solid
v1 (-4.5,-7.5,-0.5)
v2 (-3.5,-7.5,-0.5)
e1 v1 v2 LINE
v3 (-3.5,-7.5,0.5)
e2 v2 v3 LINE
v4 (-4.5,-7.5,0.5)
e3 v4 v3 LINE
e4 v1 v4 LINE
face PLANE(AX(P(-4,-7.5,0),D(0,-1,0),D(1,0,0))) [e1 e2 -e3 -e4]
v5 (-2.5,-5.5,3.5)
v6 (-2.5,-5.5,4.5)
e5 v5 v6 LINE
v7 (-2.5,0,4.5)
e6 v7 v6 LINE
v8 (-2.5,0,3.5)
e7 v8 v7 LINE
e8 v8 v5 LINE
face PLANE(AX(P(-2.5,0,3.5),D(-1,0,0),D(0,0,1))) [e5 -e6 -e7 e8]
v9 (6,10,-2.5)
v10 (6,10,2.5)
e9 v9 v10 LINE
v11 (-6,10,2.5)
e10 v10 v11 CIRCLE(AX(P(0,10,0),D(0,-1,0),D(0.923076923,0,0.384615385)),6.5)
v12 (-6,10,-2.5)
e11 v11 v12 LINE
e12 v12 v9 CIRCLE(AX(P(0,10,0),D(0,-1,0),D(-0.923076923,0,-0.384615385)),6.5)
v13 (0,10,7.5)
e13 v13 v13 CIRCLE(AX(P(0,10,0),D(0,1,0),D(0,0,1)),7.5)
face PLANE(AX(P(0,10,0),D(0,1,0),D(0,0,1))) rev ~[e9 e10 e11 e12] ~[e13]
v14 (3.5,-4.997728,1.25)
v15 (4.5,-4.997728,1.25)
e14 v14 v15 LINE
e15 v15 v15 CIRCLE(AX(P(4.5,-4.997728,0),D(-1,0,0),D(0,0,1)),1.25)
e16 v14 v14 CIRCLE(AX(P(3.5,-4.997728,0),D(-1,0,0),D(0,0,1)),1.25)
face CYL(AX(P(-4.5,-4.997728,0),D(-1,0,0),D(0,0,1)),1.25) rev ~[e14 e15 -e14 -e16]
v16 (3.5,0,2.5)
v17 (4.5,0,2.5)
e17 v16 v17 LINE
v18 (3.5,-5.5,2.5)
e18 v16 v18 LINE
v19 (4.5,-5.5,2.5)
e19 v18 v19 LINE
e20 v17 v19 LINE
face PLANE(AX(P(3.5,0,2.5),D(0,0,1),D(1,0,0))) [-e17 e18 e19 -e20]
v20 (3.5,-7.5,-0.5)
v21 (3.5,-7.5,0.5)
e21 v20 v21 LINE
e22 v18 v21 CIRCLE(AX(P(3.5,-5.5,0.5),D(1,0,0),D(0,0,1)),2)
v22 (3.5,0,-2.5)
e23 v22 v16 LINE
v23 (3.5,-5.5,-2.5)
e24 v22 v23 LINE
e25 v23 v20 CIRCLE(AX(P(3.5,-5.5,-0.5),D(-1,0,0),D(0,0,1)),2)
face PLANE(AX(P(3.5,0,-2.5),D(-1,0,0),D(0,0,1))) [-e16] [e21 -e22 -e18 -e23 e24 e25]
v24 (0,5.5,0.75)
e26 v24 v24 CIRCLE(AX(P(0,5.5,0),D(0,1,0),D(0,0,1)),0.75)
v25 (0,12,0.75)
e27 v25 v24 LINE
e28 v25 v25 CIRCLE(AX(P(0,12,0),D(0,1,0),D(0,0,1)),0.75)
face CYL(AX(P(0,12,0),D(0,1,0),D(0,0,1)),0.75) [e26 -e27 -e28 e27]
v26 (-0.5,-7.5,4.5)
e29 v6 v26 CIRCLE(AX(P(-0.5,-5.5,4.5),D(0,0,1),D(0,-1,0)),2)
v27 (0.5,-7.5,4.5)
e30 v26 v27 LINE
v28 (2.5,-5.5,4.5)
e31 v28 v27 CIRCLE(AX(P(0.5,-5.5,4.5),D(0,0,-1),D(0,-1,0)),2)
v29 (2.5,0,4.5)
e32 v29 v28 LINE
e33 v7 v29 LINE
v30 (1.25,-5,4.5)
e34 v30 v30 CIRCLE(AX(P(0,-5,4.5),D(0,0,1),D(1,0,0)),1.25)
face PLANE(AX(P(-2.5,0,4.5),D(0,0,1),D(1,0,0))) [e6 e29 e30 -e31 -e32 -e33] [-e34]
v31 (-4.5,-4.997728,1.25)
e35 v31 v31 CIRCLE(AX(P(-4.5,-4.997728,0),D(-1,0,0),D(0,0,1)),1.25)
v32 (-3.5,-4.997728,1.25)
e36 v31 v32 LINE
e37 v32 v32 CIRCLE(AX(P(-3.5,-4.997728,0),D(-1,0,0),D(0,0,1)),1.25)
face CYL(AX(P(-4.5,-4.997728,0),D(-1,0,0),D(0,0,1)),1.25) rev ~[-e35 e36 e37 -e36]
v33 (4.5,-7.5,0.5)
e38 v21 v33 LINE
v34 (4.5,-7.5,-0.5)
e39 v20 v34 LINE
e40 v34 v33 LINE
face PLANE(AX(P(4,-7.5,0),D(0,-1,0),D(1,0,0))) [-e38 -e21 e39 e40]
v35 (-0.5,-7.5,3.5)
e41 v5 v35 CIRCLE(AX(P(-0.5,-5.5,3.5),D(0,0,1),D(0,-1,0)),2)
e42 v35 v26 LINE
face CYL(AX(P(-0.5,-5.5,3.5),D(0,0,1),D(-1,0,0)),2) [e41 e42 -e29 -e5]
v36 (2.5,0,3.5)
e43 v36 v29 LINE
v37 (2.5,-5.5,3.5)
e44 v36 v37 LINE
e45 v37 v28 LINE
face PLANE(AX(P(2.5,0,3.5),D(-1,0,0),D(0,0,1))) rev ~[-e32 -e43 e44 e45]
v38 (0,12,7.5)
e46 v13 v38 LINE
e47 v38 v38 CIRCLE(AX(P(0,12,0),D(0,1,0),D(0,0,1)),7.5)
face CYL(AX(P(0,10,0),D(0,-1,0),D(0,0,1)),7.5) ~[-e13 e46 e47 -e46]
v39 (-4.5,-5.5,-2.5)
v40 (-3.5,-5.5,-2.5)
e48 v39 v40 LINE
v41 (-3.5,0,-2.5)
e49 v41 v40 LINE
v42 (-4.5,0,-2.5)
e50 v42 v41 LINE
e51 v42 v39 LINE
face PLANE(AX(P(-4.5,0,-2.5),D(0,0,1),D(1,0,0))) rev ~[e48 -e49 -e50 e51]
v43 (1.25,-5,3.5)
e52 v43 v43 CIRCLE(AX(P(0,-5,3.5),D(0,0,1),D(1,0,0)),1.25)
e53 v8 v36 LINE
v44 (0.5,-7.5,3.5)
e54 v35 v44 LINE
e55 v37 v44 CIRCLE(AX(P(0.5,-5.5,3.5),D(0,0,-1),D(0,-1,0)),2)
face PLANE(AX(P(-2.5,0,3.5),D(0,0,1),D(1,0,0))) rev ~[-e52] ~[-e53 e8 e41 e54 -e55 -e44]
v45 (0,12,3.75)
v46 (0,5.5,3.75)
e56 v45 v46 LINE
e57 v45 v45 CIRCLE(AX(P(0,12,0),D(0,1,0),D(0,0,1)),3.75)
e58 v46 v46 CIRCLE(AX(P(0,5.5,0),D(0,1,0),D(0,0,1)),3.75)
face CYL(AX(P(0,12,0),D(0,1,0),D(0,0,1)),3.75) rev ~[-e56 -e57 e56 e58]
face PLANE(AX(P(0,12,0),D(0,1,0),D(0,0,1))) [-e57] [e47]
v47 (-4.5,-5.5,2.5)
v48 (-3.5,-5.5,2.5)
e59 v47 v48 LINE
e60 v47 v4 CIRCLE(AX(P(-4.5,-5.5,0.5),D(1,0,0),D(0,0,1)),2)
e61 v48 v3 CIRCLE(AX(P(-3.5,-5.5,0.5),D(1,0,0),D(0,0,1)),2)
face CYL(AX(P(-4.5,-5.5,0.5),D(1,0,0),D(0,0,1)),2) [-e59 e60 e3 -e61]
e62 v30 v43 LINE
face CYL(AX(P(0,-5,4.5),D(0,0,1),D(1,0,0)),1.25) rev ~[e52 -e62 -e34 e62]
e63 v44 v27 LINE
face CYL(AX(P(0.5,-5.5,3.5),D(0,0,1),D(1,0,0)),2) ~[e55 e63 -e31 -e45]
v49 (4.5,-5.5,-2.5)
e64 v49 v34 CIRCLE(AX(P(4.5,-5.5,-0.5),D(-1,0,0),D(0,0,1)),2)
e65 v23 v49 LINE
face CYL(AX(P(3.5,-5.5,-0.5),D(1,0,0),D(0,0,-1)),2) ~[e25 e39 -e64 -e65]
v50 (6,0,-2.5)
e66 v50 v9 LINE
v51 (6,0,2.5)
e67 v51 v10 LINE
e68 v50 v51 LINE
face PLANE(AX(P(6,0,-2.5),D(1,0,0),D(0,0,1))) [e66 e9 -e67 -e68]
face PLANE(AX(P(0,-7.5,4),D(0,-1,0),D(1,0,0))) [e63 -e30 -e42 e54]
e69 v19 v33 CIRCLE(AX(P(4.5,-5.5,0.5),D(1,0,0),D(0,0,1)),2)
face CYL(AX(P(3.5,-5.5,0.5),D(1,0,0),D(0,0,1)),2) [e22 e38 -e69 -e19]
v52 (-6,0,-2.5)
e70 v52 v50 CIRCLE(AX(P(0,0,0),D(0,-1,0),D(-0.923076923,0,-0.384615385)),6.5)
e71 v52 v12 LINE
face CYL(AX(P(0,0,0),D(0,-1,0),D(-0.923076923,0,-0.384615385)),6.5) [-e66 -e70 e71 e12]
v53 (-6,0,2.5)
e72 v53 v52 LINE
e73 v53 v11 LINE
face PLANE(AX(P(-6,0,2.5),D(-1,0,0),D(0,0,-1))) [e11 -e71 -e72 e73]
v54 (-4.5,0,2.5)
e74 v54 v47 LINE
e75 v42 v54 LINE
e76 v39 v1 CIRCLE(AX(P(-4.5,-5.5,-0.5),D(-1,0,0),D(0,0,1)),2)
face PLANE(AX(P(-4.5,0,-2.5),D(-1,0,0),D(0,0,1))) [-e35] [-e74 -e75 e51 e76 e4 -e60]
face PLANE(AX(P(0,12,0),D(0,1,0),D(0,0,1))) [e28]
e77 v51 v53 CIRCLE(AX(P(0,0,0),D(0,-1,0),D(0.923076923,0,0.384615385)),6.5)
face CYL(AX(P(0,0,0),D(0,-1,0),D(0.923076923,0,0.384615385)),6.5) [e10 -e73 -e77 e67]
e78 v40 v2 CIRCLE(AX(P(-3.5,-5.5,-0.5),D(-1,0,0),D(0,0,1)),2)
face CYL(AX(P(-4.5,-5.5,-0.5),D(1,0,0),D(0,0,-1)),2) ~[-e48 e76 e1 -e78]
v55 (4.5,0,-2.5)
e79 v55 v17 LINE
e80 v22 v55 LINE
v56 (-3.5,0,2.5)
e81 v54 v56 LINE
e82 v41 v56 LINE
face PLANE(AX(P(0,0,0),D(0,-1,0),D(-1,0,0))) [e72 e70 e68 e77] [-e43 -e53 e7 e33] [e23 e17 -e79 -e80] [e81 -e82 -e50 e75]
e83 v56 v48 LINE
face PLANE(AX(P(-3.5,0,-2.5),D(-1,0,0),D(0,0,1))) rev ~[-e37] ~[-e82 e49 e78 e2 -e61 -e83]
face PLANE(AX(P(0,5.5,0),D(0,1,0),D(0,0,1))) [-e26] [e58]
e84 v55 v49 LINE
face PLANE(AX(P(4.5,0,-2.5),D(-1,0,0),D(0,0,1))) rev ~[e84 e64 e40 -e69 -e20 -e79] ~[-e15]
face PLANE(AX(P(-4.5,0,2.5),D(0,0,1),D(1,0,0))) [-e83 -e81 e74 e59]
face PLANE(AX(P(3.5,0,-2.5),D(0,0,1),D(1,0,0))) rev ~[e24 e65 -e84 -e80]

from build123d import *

# Parameters (mm, degrees)
SALIENTE_EXTRUIR1_DEPTH = 10
CROQUIS2_R              = 7.5
SALIENTE_EXTRUIR2_DEPTH = 2
CROQUIS3_R              = 3.75
CROQUIS3_R_2            = 0.75
CORTAR_EXTRUIR1_DEPTH   = 6.5
CROQUIS4_W              = 1
CROQUIS4_H              = 5
CROQUIS4_W_2            = 5
CROQUIS4_H_2            = 1
SALIENTE_EXTRUIR3_DEPTH = 7.5
CORTAR_EXTRUIR2_REACH   = 20.554
CROQUIS5_R              = 1.25
CROQUIS6_R              = 1.25
CORTAR_EXTRUIR3_DEPTH   = 1
REDONDEO1_R             = 2


with BuildPart() as part:
    # Croquis1 → Saliente-Extruir1 (new body)
    with BuildSketch(Plane(origin=(0, 0, 0), x_dir=(1, 0, 0), z_dir=(0, 1, 0))):
        with BuildLine():
            Line((6, 2.5), (6, -2.5))
            ThreePointArc((6, -2.5), (0, -6.5), (-6, -2.5))
            Line((-6, -2.5), (-6, 2.5))
            ThreePointArc((-6, 2.5), (0, 6.5), (6, 2.5))
        make_face()
    extrude(amount=SALIENTE_EXTRUIR1_DEPTH)

    # Croquis2 → Saliente-Extruir2 (add)
    with BuildSketch(Plane(origin=(0, 10, 0), x_dir=(1, 0, 0), z_dir=(0, 1, 0))):
        with Locations(Location((0, 0, 0), (0, 0, 270))):
            Circle(CROQUIS2_R)
    extrude(amount=SALIENTE_EXTRUIR2_DEPTH)

    # Croquis3 → Cortar-Extruir1 (cut)
    with BuildSketch(Plane(origin=(0, 12, 0), x_dir=(1, 0, 0), z_dir=(0, 1, 0))):
        with Locations(Location((0, 0, 0), (0, 0, 270))):
            Circle(CROQUIS3_R)
        with Locations(Location((0, 0, 0), (0, 0, 270))):
            Circle(CROQUIS3_R_2, mode=Mode.SUBTRACT)
    extrude(amount=-CORTAR_EXTRUIR1_DEPTH, mode=Mode.SUBTRACT)

    # Croquis4 → Saliente-Extruir3 (add)
    with BuildSketch(Plane.XZ):
        with Locations((-4, 0)):
            Rectangle(CROQUIS4_W, CROQUIS4_H)
        with Locations((4, 0)):
            Rectangle(CROQUIS4_W, CROQUIS4_H)
        with Locations((0, 4)):
            Rectangle(CROQUIS4_W_2, CROQUIS4_H_2)
    extrude(amount=SALIENTE_EXTRUIR3_DEPTH)

    # Cortar-Extruir2: up to this face of the body (flat: up to its plane)
    cortar_extruir2_end = Plane(part.part.faces().sort_by_distance((4.5, -3.75, 0))[0])
    # Croquis5 → Cortar-Extruir2 (cut, up to the picked face)
    with BuildSketch(Plane.ZY.offset(4.5), mode=Mode.PRIVATE) as cortar_extruir2_sk1:
        with Locations((0, -4.997728335)):
            Circle(CROQUIS5_R)
    cortar_extruir2_tool1 = split(extrude(cortar_extruir2_sk1.sketch, amount=-CORTAR_EXTRUIR2_REACH, mode=Mode.PRIVATE), bisect_by=cortar_extruir2_end, keep=Keep.BOTH, mode=Mode.PRIVATE)
    add(cortar_extruir2_tool1.solids().sort_by(Axis((-4.5, -4.997728, 0), (1, 0, 0)))[0], mode=Mode.SUBTRACT)

    # Croquis6 → Cortar-Extruir3 (cut)
    with BuildSketch(Plane.XY.offset(4.5)):
        with Locations((0, -5)):
            Circle(CROQUIS6_R)
    extrude(amount=-CORTAR_EXTRUIR3_DEPTH, mode=Mode.SUBTRACT)

    # Redondeo1
    redondeo1_edges = [part.edges().sort_by_distance(p)[0] for p in [
        (-4, -7.5, 2.5),
        (-4, -7.5, -2.5),
        (4, -7.5, 2.5),
        (4, -7.5, -2.5),
        (2.5, -7.5, 4),
        (-2.5, -7.5, 4),
    ]]
    fillet(redondeo1_edges, radius=REDONDEO1_R)


solid = part.part
